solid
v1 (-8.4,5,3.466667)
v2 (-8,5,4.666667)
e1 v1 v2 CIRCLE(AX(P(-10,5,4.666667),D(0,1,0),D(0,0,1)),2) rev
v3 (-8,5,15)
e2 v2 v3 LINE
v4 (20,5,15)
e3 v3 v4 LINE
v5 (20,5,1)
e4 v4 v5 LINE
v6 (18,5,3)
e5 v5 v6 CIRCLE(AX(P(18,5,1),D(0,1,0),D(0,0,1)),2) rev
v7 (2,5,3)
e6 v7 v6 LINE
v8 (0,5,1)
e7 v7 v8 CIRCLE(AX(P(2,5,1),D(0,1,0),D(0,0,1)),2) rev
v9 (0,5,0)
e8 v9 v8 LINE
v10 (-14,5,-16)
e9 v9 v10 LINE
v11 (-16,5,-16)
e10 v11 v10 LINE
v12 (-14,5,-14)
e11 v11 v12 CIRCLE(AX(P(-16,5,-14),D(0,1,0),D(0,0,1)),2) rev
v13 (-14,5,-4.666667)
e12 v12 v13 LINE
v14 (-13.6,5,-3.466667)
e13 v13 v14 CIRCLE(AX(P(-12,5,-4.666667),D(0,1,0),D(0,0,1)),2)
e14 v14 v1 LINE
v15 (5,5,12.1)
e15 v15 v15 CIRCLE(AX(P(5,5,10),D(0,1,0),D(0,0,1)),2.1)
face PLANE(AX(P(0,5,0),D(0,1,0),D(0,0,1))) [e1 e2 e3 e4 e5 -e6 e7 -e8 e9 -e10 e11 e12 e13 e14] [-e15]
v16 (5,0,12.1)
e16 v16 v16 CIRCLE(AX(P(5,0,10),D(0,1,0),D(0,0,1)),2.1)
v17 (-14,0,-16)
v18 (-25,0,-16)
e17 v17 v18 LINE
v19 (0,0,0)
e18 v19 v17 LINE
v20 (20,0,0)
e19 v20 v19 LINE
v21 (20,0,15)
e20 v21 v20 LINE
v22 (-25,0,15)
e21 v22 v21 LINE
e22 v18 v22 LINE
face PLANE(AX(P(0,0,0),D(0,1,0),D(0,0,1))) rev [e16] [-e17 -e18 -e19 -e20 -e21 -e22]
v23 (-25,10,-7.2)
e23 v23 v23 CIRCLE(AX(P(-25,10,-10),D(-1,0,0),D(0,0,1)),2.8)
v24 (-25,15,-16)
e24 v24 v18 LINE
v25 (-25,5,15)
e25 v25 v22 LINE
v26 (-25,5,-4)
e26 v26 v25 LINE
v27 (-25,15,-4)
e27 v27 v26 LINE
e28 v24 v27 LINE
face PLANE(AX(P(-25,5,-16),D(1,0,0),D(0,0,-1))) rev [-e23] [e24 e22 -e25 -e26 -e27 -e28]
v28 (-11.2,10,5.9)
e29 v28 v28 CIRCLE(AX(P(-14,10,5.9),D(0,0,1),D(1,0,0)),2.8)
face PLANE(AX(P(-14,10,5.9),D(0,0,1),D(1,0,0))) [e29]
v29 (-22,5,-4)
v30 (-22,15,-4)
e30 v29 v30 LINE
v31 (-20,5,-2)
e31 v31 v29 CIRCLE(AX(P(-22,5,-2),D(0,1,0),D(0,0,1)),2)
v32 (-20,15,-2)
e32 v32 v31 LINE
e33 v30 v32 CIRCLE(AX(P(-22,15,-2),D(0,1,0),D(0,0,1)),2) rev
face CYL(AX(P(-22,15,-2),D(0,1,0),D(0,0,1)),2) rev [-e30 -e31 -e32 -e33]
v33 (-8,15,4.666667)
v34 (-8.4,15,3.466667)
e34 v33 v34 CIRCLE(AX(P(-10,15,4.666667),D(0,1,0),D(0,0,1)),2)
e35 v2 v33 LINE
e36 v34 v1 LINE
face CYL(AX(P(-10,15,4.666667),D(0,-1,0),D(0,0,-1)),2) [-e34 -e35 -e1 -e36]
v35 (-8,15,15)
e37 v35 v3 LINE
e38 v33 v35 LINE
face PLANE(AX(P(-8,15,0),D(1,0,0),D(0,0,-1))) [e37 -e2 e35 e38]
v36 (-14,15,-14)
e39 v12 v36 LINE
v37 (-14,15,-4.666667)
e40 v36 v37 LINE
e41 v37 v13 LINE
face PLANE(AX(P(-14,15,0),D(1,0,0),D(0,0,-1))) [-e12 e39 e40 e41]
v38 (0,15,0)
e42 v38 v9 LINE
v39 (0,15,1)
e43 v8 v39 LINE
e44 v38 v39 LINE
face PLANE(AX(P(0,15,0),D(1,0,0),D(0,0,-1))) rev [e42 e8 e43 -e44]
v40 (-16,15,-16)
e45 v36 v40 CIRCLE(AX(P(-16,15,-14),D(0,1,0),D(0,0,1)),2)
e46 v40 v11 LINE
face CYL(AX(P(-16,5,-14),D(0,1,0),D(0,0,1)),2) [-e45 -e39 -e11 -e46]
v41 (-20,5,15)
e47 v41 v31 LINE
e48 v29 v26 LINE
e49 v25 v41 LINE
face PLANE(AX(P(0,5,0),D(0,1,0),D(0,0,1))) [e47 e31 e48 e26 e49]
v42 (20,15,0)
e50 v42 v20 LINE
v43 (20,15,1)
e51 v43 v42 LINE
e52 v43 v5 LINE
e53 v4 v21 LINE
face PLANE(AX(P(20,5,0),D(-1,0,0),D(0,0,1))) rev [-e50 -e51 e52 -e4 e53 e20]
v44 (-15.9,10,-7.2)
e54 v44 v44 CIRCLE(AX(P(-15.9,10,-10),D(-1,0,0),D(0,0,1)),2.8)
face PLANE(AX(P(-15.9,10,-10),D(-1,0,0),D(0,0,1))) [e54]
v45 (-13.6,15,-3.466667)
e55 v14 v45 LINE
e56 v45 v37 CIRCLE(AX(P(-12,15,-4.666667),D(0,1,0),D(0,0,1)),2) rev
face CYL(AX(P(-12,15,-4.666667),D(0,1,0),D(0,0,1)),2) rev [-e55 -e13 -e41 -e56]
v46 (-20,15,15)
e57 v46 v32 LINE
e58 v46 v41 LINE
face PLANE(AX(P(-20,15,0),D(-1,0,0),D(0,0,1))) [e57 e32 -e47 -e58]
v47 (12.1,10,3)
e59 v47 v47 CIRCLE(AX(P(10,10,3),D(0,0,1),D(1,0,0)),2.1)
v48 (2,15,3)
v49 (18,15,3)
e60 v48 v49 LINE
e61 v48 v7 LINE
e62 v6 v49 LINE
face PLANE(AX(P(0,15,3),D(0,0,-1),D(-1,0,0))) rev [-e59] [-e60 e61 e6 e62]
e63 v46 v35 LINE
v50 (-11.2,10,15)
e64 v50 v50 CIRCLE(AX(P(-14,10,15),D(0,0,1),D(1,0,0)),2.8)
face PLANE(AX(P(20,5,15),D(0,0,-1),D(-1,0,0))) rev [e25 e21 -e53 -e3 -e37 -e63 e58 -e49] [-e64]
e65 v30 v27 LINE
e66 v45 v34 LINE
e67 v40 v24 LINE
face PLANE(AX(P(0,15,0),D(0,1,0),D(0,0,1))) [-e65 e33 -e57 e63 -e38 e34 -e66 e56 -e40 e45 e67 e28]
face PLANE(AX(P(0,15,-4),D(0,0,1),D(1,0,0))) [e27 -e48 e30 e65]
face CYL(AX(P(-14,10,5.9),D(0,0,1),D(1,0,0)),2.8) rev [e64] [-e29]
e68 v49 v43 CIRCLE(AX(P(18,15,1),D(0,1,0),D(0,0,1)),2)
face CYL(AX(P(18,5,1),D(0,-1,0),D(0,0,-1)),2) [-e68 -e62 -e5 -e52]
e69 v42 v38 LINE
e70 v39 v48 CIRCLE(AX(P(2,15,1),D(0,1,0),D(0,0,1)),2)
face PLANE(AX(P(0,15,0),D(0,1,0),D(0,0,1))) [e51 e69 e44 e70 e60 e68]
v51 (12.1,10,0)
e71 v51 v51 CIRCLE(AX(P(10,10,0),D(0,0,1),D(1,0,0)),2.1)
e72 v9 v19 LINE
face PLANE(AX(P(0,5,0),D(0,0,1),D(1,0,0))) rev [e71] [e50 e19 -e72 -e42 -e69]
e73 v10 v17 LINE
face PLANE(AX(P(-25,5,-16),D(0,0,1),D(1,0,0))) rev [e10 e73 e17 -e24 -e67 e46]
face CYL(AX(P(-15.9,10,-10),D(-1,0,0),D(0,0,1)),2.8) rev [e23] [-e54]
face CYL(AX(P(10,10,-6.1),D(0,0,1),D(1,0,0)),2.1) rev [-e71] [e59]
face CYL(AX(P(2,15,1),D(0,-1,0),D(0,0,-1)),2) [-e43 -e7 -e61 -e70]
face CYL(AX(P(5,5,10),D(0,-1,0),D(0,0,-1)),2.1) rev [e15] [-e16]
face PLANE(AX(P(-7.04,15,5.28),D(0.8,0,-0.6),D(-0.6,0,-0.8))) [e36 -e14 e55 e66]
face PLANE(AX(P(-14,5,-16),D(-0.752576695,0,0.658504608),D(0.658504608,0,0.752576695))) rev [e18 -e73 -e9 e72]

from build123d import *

# Parameters (mm, degrees)
ESQUISSE1_R             = 2.1
BOSS_EXTRU_1_DEPTH      = 5
ESQUISSE2_W             = 20
ESQUISSE2_H             = 3
BOSS_EXTRU_2_DEPTH      = 10
ESQUISSE3_R             = 2.8
ENL_V_MAT_EXTRU_1_DEPTH = 9.1
ESQUISSE4_R             = 2.1
ENL_V_MAT_EXTRU_2_DEPTH = 9.1
CONG_2_R                = 2
ESQUISSE5_R             = 2.8
ENL_V_MAT_EXTRU_3_DEPTH = 9.1


with BuildPart() as part:
    # Esquisse1 → Boss.-Extru.1 (new body)
    with BuildSketch(Plane(origin=(0, 0, 0), x_dir=(1, 0, 0), z_dir=(0, 1, 0))):
        Polygon((20, 0), (20, -15), (-20, -15), (-25, -15), (-25, 16), (-14, 16), (0, 0), align=None)
        with Locations(Location((5, -10, 0), (0, 0, 270))):
            Circle(ESQUISSE1_R, mode=Mode.SUBTRACT)
    extrude(amount=BOSS_EXTRU_1_DEPTH)

    # Esquisse2 → Boss.-Extru.2 (add)
    with BuildSketch(Plane(origin=(0, 5, 0), x_dir=(1, 0, 0), z_dir=(0, 1, 0))):
        with Locations((10, -1.5)):
            Rectangle(ESQUISSE2_W, ESQUISSE2_H)
        Polygon((-14, 4), (-14, 16), (-25, 16), (-25, 4), (-20, 4), (-20, -15), (-8, -15), (-8, -4), align=None)
    extrude(amount=BOSS_EXTRU_2_DEPTH)

    # Esquisse3 → Enlèv. mat.-Extru.1 (cut)
    with BuildSketch(Plane.XY.offset(15)):
        with Locations((-14, 10)):
            Circle(ESQUISSE3_R)
    extrude(amount=-ENL_V_MAT_EXTRU_1_DEPTH, mode=Mode.SUBTRACT)

    # Esquisse4 → Enlèv. mat.-Extru.2 (cut)
    with BuildSketch(Plane.XY.offset(3)):
        with Locations((10, 10)):
            Circle(ESQUISSE4_R)
    extrude(amount=-ENL_V_MAT_EXTRU_2_DEPTH, mode=Mode.SUBTRACT)

    # Congé2
    cong_2_edges = [part.edges().sort_by_distance(p)[0] for p in [
        (0, 10, 3),
        (20, 10, 3),
        (-20, 10, -4),
        (-8, 10, 4),
        (-14, 10, -4),
        (-14, 10, -16),
    ]]
    fillet(cong_2_edges, radius=CONG_2_R)

    # Esquisse5 → Enlèv. mat.-Extru.3 (cut)
    with BuildSketch(Plane.ZY.offset(25)):
        with Locations((-10, 10)):
            Circle(ESQUISSE5_R)
    extrude(amount=-ENL_V_MAT_EXTRU_3_DEPTH, mode=Mode.SUBTRACT)


solid = part.part
